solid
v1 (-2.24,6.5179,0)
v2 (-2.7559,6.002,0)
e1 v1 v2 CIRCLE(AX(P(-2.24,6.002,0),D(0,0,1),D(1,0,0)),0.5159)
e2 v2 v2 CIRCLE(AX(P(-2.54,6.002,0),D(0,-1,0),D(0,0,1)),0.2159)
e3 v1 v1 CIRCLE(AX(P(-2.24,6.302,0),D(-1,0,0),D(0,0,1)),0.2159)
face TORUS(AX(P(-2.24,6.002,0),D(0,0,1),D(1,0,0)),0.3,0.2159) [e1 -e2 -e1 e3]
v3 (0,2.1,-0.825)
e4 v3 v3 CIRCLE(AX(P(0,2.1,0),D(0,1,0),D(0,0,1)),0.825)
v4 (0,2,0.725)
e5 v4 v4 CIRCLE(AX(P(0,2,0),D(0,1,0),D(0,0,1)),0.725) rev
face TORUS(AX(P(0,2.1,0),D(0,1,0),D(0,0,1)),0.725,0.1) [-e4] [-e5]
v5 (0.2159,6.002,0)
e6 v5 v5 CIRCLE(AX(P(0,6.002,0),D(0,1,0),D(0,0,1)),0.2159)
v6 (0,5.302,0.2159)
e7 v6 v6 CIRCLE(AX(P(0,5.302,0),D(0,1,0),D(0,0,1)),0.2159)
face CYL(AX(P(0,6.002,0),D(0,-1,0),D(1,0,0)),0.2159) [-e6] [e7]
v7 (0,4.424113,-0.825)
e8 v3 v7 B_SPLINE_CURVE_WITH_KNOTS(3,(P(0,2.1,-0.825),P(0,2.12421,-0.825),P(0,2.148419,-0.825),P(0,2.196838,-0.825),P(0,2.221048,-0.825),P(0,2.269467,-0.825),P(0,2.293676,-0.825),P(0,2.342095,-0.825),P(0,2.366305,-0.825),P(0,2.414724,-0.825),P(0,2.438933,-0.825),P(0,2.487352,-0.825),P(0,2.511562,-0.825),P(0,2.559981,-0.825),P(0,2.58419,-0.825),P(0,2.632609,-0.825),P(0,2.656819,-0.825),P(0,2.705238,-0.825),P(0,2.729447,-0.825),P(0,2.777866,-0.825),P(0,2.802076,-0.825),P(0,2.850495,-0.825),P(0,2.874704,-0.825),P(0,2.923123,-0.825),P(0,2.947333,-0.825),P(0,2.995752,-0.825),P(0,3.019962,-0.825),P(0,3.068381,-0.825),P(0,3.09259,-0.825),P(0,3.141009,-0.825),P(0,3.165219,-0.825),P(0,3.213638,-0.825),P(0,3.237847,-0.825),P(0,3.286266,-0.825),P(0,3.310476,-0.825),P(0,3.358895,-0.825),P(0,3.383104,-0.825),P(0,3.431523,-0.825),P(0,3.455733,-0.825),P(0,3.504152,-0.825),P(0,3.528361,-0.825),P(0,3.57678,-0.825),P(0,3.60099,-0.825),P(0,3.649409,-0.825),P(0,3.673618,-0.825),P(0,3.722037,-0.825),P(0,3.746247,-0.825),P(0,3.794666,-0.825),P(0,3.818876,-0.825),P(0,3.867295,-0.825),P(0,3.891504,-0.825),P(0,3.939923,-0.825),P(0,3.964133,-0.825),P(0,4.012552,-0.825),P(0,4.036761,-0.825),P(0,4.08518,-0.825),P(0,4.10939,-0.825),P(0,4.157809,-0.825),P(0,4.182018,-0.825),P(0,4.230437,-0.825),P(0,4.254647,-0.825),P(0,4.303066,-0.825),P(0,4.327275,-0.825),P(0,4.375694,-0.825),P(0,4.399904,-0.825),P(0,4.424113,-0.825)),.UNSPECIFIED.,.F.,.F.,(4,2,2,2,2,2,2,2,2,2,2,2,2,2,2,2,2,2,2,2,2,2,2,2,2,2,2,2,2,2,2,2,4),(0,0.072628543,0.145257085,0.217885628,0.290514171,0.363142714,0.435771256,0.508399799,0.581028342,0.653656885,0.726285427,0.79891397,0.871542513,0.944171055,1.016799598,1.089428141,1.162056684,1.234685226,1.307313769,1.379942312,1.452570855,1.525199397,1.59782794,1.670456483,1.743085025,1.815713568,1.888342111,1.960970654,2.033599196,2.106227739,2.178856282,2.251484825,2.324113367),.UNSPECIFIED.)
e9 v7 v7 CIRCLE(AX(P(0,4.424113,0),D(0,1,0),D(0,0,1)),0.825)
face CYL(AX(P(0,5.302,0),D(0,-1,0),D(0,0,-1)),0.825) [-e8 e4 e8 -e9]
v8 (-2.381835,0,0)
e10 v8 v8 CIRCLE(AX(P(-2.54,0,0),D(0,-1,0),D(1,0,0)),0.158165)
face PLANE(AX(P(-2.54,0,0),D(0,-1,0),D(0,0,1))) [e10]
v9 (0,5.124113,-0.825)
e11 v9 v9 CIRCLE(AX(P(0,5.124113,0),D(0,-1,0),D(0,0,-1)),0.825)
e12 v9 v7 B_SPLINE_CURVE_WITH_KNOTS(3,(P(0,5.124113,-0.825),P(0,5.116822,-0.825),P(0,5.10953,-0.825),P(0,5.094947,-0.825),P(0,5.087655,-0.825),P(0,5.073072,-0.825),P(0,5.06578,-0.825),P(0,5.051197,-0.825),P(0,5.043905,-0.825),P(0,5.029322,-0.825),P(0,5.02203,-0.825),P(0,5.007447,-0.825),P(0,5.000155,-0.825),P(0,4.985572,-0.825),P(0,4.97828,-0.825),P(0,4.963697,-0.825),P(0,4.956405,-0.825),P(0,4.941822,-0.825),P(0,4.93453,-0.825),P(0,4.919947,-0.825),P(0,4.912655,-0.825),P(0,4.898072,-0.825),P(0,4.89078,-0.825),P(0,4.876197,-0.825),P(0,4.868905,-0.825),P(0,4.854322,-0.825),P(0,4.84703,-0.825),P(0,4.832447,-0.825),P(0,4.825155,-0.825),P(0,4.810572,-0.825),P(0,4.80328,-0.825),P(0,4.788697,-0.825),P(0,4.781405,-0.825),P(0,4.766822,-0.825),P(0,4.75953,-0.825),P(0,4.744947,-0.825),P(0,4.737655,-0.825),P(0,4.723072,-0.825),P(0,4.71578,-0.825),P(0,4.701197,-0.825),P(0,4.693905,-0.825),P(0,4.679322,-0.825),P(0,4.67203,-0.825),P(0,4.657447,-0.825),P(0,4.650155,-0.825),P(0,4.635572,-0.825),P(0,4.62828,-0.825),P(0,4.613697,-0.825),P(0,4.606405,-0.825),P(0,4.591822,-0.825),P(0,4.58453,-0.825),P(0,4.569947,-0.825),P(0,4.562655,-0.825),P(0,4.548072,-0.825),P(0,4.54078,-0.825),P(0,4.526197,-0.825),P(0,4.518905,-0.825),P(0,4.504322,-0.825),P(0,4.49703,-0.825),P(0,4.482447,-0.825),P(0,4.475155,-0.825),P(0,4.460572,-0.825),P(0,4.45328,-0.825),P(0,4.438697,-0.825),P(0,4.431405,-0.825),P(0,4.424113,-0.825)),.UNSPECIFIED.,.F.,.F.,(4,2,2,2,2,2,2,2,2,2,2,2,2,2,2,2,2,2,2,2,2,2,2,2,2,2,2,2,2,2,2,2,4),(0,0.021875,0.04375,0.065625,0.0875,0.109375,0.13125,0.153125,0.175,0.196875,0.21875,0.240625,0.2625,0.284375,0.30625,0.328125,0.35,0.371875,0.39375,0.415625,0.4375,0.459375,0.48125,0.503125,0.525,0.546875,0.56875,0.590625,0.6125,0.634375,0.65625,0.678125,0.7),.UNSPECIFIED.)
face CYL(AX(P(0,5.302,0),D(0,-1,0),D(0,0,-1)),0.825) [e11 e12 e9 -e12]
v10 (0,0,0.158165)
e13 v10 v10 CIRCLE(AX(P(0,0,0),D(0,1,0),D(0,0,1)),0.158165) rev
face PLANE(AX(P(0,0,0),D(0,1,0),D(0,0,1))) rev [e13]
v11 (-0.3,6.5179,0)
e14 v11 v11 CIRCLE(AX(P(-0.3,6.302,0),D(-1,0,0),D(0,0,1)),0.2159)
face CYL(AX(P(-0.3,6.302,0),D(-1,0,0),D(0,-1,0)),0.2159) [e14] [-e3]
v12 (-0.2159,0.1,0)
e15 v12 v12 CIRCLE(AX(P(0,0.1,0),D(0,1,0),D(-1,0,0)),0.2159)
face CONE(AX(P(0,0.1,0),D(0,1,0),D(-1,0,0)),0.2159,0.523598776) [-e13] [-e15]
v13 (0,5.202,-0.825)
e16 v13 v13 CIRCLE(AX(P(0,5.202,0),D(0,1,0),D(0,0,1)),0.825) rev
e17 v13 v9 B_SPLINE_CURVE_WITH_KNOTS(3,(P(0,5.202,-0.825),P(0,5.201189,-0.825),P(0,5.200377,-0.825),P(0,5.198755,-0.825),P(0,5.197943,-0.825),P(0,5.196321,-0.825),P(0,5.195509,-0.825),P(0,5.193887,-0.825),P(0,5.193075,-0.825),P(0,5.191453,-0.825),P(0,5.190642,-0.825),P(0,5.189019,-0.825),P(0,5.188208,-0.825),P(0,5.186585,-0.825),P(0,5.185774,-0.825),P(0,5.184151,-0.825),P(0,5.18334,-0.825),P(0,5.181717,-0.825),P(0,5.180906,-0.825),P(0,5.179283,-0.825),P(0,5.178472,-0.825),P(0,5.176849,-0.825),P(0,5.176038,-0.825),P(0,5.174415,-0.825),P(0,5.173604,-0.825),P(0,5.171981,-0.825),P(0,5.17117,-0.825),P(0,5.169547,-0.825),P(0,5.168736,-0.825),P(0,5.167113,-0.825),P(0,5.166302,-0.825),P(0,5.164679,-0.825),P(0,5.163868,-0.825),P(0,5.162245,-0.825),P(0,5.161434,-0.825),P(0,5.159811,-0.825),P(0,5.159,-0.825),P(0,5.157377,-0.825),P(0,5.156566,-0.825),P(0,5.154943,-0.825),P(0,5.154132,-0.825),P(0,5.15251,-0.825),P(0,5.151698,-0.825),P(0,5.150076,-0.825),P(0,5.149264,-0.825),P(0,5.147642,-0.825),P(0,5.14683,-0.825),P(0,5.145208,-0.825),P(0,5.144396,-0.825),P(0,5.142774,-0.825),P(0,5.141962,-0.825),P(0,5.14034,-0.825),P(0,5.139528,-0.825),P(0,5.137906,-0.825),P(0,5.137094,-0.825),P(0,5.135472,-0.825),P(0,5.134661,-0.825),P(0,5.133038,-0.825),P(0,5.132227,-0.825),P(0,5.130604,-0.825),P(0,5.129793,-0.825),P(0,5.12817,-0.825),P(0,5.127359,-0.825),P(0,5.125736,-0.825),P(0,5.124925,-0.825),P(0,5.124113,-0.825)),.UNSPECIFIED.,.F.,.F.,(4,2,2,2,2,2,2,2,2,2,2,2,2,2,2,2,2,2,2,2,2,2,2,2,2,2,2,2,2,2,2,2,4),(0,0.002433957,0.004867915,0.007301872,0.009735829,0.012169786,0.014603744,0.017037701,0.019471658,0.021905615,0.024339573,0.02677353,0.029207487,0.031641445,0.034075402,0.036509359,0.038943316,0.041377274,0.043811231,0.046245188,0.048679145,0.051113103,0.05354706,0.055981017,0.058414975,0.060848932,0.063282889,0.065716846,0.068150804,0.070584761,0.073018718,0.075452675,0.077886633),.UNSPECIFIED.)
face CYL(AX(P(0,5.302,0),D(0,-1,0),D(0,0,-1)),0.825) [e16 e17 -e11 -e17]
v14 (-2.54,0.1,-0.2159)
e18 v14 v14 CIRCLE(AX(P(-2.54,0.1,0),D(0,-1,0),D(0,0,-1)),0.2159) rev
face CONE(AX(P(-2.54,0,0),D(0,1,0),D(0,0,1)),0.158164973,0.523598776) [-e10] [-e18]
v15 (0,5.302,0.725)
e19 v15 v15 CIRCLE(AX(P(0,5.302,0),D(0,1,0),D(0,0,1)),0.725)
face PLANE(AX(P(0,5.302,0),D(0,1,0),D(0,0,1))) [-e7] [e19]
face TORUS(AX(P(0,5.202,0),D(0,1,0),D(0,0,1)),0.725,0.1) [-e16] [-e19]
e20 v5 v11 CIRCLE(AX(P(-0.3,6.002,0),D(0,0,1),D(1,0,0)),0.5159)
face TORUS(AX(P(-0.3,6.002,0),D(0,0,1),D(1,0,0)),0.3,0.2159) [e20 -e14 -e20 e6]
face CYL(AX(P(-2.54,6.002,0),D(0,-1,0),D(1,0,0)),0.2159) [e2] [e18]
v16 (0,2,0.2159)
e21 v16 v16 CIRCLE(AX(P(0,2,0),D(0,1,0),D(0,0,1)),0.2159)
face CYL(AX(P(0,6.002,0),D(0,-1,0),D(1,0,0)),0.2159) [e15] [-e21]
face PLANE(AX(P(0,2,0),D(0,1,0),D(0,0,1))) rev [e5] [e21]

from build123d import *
from OCP.BRepFilletAPI import BRepFilletAPI_MakeChamfer

# Parameters (mm, degrees)
SKETCH1_R      = 0.2159
SKETCH3_R      = 0.825
EXTRUDE1_DEPTH = 3.302
FILLET1_R      = 0.1
CHAMFER1_SIZE  = 0.1
CHAMFER1_SIZE2 = 0.057735027


with BuildPart() as part:
    # Sweep1: sweep along a path in Sketch2
    with BuildLine(Plane.XY) as sweep1_path:
        Line((0, 0), (0, 6.002))
        ThreePointArc((0, 6.002), (-0.087867966, 6.214132034), (-0.3, 6.302))
        Line((-0.3, 6.302), (-2.24, 6.302))
        ThreePointArc((-2.24, 6.302), (-2.452132034, 6.214132034), (-2.54, 6.002))
        Line((-2.54, 6.002), (-2.54, 0))
    # Sketch1 → Sweep1 (sweep)
    with BuildSketch(Plane(origin=(0, 0, 0), x_dir=(1, 0, 0), z_dir=(0, 1, 0))):
        Circle(SKETCH1_R)
    sweep(path=sweep1_path.line)

    # Sketch3 → Extrude1 (add)
    with BuildSketch(Plane(origin=(1.111, 2, 0), x_dir=(0, 0, -1), z_dir=(0, 1, 0))):
        with Locations((0, 1.111)):
            Circle(SKETCH3_R)
    extrude(amount=EXTRUDE1_DEPTH)

    # Fillet1
    fillet1_edges = [part.edges().sort_by_distance(p)[0] for p in [
        (0, 5.302, 0.825),
        (0, 2, 0.825),
    ]]
    fillet(fillet1_edges, radius=FILLET1_R)

    # Chamfer1: one chamfer whose edges measure the first distance from different faces: ONE call of the kernel's chamfer builder (chamfer() names one face for all edges)
    chamfer1_edges_1 = [part.edges().sort_by_distance(p)[0] for p in [
        (-0.2159, 0, 0),
    ]]
    chamfer1_side_1 = [part.faces().sort_by_distance(p)[0] for p in [
        (-0.2159, 1, 0),
    ]]
    chamfer1_edges_2 = [part.edges().sort_by_distance(p)[0] for p in [
        (-2.3241, 0, 0),
    ]]
    chamfer1_side_2 = [part.faces().sort_by_distance(p)[0] for p in [
        (-2.3241, 3.001, 0),
    ]]
    chamfer1 = BRepFilletAPI_MakeChamfer(part.part.solid().wrapped)
    for e in chamfer1_edges_1:
        chamfer1.Add(CHAMFER1_SIZE, CHAMFER1_SIZE2, e.wrapped, chamfer1_side_1[0].wrapped)  # the first distance lies on this face
    for e in chamfer1_edges_2:
        chamfer1.Add(CHAMFER1_SIZE, CHAMFER1_SIZE2, e.wrapped, chamfer1_side_2[0].wrapped)  # the first distance lies on this face
    add(Compound.cast(chamfer1.Shape()), mode=Mode.REPLACE)


solid = part.part
